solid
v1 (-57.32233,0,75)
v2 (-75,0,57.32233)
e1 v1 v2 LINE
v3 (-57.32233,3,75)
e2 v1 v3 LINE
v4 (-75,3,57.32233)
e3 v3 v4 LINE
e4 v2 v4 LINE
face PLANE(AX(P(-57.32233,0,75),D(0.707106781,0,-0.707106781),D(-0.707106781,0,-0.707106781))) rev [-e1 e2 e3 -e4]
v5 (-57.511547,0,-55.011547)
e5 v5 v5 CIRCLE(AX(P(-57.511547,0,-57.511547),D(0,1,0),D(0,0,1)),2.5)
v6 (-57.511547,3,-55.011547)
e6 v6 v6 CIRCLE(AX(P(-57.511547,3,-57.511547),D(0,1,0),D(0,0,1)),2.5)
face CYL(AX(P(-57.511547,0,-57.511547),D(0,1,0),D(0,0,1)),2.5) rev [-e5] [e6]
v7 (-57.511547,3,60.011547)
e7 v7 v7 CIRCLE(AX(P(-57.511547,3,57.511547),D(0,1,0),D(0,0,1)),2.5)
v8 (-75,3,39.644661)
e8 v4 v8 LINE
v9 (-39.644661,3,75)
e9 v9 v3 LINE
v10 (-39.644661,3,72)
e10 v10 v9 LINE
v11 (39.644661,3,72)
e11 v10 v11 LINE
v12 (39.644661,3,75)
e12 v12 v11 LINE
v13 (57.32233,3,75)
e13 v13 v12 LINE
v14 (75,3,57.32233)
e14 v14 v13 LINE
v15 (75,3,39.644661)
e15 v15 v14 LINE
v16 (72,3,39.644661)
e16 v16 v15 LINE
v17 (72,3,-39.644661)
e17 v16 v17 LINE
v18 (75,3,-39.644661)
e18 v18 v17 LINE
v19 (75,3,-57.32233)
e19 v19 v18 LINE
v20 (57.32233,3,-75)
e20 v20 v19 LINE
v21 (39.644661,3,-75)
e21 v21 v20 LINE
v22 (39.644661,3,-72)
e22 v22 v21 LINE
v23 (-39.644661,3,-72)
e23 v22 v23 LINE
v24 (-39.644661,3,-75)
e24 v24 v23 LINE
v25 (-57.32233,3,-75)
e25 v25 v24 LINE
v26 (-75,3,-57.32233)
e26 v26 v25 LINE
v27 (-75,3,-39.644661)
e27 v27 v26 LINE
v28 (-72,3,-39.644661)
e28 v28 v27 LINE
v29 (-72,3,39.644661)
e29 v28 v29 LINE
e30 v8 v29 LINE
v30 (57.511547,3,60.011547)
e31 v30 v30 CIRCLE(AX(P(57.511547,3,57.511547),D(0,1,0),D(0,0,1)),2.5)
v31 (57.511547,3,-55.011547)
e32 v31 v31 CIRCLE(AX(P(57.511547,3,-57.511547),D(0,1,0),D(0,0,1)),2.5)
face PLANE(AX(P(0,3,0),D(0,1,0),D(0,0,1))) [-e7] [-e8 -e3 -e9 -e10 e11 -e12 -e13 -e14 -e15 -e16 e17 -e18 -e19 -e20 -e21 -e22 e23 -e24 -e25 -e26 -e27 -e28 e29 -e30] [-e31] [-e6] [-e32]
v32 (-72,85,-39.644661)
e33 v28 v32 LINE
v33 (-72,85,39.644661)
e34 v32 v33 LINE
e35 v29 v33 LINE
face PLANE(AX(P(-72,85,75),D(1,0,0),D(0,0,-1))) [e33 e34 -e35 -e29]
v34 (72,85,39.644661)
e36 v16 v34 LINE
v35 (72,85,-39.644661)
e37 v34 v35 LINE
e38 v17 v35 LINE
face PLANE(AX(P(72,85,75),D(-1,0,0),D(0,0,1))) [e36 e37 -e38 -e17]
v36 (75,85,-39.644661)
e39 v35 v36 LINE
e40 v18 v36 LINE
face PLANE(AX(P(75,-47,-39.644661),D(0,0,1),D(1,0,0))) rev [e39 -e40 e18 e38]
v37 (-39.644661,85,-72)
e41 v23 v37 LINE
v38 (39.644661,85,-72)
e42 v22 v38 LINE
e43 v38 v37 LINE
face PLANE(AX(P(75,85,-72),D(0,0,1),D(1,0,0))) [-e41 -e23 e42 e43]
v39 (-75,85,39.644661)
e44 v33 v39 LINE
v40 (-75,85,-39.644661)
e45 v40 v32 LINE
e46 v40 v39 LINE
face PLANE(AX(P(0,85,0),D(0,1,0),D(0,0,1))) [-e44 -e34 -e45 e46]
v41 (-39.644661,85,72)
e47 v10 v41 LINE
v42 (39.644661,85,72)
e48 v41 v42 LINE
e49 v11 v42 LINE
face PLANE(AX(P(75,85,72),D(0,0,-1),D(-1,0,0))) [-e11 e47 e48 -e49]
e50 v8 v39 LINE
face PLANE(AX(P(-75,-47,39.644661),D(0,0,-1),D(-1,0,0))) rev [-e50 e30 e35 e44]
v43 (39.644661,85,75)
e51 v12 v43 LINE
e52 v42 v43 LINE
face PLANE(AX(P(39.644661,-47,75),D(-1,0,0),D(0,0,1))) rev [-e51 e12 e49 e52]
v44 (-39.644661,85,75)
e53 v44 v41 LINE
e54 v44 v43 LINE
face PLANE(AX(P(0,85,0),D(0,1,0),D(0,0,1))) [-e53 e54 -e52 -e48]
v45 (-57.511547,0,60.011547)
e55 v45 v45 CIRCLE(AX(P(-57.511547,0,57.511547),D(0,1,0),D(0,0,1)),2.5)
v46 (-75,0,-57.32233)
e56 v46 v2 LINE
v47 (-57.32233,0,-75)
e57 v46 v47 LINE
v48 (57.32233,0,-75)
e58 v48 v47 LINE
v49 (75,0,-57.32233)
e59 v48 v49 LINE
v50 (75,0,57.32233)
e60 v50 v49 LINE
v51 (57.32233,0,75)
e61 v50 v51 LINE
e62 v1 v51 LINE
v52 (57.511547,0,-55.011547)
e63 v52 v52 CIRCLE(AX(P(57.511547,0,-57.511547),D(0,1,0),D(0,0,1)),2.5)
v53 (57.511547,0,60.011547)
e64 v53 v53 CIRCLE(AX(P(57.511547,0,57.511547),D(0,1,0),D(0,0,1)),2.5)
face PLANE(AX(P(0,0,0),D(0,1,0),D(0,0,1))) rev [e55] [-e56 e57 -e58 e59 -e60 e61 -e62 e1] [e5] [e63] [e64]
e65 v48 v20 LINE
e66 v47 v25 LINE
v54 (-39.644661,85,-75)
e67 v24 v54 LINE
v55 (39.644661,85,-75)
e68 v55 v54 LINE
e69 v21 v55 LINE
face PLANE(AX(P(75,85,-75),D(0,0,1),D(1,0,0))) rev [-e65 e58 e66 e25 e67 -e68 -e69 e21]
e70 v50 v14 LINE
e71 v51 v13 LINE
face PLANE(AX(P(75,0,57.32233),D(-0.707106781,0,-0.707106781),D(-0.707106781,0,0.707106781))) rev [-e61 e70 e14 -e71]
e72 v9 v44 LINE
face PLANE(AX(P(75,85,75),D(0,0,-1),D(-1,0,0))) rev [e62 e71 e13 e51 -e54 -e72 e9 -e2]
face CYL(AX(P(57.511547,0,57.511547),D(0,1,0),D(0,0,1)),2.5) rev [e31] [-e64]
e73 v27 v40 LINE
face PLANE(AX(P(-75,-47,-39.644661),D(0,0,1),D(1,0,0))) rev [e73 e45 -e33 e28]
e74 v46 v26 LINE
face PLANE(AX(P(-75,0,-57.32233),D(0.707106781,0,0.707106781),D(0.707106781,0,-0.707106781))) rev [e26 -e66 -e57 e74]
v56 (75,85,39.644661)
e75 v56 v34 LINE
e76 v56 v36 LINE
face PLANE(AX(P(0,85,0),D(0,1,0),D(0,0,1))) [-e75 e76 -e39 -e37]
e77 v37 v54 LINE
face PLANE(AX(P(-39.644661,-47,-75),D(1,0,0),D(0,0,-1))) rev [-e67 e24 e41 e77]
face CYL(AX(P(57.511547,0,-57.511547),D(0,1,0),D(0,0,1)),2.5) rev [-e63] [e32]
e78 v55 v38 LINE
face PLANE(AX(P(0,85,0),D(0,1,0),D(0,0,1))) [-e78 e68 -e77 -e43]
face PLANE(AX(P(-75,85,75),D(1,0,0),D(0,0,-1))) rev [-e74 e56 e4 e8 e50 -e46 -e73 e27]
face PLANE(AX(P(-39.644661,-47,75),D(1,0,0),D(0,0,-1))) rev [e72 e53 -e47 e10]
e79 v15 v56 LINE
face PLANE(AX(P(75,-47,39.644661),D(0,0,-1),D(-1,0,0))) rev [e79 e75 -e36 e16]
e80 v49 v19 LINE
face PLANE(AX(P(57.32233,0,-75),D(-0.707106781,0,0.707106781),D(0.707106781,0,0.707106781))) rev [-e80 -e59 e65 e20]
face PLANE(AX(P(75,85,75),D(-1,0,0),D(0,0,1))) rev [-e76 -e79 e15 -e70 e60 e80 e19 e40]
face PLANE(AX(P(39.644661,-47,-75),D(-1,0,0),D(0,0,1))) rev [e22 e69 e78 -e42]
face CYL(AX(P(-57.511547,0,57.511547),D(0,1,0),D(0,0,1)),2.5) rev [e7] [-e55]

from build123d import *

# Parameters (mm, degrees)
SKETCH2_W           = 150
SKETCH2_H           = 150
BOSS_EXTRUDE1_DEPTH = 85
SHELL1_T            = -3
CUT_EXTRUDE1_DEPTH  = 82
CUT_EXTRUDE2_DEPTH  = 4
SKETCH5_R           = 2.5
CUT_EXTRUDE3_DEPTH  = 4


with BuildPart() as part:
    # Sketch2 → Boss-Extrude1 (new body)
    with BuildSketch(Plane(origin=(0, 0, 0), x_dir=(1, 0, 0), z_dir=(0, 1, 0))):
        Rectangle(SKETCH2_W, SKETCH2_H)
    extrude(amount=BOSS_EXTRUDE1_DEPTH)

    # Shell1
    shell1_openings = [part.faces().sort_by_distance(p)[0] for p in [
        (0, 85, 0),
    ]]
    offset(amount=SHELL1_T, openings=shell1_openings, kind=Kind.INTERSECTION)

    # Sketch3 → Cut-Extrude1 (cut)
    with BuildSketch(Plane(origin=(0, 85, 0), x_dir=(1, 0, 0), z_dir=(0, 1, 0))):
        Polygon((39.644660941, -75), (75, -75), (75, -39.644660941), (72, -39.644660941), (72, -42.644660941), (72, -72), (39.644660941, -72), align=None)
        Polygon((-39.644660941, -72), (-42.644660941, -72), (-72, -72), (-72, -39.644660941), (-75, -39.644660941), (-75, -75), (-39.644660941, -75), align=None)
        Polygon((-72, 39.644660941), (-72, 42.644660941), (-72, 72), (-39.644660941, 72), (-39.644660941, 75), (-75, 75), (-75, 39.644660941), align=None)
        Polygon((39.644660941, 72), (42.644660941, 72), (72, 72), (72, 39.644660941), (75, 39.644660941), (75, 75), (39.644660941, 75), align=None)
    extrude(amount=-CUT_EXTRUDE1_DEPTH, mode=Mode.SUBTRACT)

    # Sketch4 → Cut-Extrude2 (cut, through all)
    with BuildSketch(Plane(origin=(0, 3, 0), x_dir=(1, 0, 0), z_dir=(0, 1, 0))):
        Polygon((-75, -57.32233047), (-75, -75), (-57.32233047, -75), align=None)
        Polygon((-75, 57.32233047), (-57.32233047, 75), (-75, 75), align=None)
        Polygon((57.32233047, 75), (75, 57.32233047), (75, 75), align=None)
        Polygon((75, -57.32233047), (57.32233047, -75), (75, -75), align=None)
    extrude(amount=-CUT_EXTRUDE2_DEPTH, mode=Mode.SUBTRACT)

    # Sketch5 → Cut-Extrude3 (cut, through all)
    with BuildSketch(Plane(origin=(0, 3, 0), x_dir=(1, 0, 0), z_dir=(0, 1, 0))):
        with Locations((57.511546526, 57.511546526)):
            Circle(SKETCH5_R)
        with Locations((57.511546526, -57.511546526)):
            Circle(SKETCH5_R)
        with Locations((-57.511546526, -57.511546526)):
            Circle(SKETCH5_R)
        with Locations((-57.511546526, 57.511546526)):
            Circle(SKETCH5_R)
    extrude(amount=-CUT_EXTRUDE3_DEPTH, mode=Mode.SUBTRACT)


solid = part.part
